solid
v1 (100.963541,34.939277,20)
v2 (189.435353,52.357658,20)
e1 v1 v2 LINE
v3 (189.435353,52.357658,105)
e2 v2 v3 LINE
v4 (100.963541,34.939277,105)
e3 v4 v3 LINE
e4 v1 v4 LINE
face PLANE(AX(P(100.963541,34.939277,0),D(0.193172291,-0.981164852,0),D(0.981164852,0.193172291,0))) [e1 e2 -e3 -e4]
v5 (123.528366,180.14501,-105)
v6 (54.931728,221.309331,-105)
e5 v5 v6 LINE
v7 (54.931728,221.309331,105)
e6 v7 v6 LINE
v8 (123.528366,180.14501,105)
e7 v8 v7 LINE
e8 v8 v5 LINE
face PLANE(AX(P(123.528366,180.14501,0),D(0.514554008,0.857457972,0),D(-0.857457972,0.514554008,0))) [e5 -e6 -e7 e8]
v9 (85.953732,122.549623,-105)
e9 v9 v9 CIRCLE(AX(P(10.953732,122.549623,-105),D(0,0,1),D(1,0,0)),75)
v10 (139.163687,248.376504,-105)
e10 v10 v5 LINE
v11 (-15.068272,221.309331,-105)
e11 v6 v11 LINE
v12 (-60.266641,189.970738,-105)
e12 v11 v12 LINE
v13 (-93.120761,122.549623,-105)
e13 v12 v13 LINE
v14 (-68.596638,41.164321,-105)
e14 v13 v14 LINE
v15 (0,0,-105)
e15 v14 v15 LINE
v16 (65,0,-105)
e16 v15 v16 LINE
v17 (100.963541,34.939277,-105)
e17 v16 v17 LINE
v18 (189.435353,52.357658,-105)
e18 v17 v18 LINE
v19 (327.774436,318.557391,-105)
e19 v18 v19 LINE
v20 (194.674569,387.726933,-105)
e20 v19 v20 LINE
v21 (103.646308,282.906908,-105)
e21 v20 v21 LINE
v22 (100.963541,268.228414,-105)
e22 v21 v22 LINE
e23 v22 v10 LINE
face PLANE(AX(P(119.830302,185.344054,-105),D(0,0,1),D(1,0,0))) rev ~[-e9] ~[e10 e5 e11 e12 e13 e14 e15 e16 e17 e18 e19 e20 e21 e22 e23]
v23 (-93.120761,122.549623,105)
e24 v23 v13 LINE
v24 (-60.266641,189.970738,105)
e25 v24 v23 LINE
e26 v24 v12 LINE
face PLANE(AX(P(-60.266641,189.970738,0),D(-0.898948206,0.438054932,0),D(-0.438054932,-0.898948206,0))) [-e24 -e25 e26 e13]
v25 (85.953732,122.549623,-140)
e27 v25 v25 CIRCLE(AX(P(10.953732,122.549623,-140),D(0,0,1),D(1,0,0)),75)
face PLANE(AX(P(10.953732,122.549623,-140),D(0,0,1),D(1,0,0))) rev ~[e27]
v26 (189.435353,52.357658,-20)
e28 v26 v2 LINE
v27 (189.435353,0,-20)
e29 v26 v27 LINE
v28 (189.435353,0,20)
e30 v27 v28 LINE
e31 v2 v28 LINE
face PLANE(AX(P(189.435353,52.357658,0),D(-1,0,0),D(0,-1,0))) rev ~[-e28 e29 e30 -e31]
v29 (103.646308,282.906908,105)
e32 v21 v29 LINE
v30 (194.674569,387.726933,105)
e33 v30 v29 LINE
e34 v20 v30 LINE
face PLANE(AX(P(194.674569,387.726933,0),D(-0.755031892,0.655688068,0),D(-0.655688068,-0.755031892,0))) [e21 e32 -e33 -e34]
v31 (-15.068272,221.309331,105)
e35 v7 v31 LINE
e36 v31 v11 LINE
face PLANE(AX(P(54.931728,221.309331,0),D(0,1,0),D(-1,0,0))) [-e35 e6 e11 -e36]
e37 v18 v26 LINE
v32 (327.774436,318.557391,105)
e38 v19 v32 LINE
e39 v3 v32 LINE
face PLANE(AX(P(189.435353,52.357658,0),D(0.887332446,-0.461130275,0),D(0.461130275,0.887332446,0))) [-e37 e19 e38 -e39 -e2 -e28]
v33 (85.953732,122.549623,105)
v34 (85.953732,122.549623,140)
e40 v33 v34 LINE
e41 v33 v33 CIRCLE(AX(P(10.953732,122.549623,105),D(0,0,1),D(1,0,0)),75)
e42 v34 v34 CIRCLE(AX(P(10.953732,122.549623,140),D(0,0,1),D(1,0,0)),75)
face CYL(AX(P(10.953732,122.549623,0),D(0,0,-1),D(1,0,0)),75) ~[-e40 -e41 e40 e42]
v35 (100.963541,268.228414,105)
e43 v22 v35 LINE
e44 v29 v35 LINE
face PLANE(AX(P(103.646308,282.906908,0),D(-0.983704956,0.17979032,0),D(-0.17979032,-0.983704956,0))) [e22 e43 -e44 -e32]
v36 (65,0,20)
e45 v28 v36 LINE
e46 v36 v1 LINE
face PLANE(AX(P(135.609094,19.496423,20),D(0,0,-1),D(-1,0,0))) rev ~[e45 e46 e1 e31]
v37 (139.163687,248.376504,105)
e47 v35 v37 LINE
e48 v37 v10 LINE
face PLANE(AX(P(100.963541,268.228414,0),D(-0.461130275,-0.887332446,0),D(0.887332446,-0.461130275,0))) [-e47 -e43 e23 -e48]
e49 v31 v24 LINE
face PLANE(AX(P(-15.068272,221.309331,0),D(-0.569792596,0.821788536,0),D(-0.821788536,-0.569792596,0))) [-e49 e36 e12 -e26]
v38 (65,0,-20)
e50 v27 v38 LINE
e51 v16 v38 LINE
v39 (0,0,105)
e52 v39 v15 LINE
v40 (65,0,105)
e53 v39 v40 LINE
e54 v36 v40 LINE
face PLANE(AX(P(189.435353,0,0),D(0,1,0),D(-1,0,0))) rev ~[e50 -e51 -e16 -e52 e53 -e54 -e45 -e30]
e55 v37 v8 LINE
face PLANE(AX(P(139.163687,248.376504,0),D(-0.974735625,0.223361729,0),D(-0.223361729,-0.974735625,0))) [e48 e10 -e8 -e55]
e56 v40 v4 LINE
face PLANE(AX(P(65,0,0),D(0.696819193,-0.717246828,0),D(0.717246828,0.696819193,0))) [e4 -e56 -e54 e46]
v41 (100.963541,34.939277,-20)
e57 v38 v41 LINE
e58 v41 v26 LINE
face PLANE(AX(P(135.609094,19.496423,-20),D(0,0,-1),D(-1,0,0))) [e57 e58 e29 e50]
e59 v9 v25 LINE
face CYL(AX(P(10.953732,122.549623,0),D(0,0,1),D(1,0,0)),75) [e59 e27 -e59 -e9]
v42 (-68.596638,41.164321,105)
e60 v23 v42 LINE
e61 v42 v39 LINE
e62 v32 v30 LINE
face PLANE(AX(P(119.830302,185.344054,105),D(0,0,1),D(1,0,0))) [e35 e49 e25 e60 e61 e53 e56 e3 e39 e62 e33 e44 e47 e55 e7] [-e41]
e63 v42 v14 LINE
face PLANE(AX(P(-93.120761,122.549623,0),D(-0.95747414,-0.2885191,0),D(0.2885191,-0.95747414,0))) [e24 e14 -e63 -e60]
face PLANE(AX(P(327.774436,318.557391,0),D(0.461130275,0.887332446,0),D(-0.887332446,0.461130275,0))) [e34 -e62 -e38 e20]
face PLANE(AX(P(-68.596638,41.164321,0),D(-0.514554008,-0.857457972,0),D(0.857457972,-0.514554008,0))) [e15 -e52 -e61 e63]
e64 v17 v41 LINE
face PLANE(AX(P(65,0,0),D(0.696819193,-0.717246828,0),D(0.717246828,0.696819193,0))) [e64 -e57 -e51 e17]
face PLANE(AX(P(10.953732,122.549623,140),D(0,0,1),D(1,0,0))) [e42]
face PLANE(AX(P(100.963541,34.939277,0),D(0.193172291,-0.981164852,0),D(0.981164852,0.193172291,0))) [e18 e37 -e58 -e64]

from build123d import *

# Parameters (mm, degrees)
BOSS_EXTRU_1_DEPTH      = 105
BOSS_EXTRU_1_DEPTH_BACK = 105
ESQUISSE1_R             = 75
BOSS_EXTRU_2_DEPTH      = 20
BOSS_EXTRU_2_DEPTH_BACK = 20
BOSS_EXTRU_3_DEPTH      = 140
BOSS_EXTRU_3_DEPTH_BACK = 140
ESQUISSE1_4_R           = 75


with BuildPart() as part:
    # Esquisse1 → Boss.-Extru.1 (new, two sides: drawn at the far end of the back side and taken through both)
    with BuildSketch(Plane.XY.offset(-BOSS_EXTRU_1_DEPTH_BACK)):
        Polygon((-68.596637727, 41.164320625), (0, 0), (65, 0), (100.963541268, 34.939277283), (189.435353132, 52.357657653), (327.774435506, 318.557391477), (194.674568594, 387.726932664), (103.646308232, 282.906907711), (100.963541268, 268.22841359), (139.16368684, 248.376503864), (123.528365835, 180.14501013), (54.931728108, 221.309330755), (-15.068271892, 221.309330755), (-60.266641359, 189.970737975), (-93.12076123, 122.549622532), align=None)
        with Locations((10.953732474, 122.549622532)):
            Circle(ESQUISSE1_R, mode=Mode.SUBTRACT)
    extrude(amount=BOSS_EXTRU_1_DEPTH + BOSS_EXTRU_1_DEPTH_BACK)

    # Esquisse1<3> → Boss.-Extru.2 (add, two sides: drawn at the far end of the back side and taken through both)
    with BuildSketch(Plane.XY.offset(-BOSS_EXTRU_2_DEPTH_BACK)):
        Polygon((100.963541268, 34.939277283), (65, 0), (189.435353132, 0), (189.435353132, 52.357657653), align=None)
    extrude(amount=BOSS_EXTRU_2_DEPTH + BOSS_EXTRU_2_DEPTH_BACK)

    # Esquisse1<4> → Boss.-Extru.3 (add, two sides: drawn at the far end of the back side and taken through both)
    with BuildSketch(Plane.XY.offset(-BOSS_EXTRU_3_DEPTH_BACK)):
        with Locations((10.953732474, 122.549622532)):
            Circle(ESQUISSE1_4_R)
    extrude(amount=BOSS_EXTRU_3_DEPTH + BOSS_EXTRU_3_DEPTH_BACK)


solid = part.part
